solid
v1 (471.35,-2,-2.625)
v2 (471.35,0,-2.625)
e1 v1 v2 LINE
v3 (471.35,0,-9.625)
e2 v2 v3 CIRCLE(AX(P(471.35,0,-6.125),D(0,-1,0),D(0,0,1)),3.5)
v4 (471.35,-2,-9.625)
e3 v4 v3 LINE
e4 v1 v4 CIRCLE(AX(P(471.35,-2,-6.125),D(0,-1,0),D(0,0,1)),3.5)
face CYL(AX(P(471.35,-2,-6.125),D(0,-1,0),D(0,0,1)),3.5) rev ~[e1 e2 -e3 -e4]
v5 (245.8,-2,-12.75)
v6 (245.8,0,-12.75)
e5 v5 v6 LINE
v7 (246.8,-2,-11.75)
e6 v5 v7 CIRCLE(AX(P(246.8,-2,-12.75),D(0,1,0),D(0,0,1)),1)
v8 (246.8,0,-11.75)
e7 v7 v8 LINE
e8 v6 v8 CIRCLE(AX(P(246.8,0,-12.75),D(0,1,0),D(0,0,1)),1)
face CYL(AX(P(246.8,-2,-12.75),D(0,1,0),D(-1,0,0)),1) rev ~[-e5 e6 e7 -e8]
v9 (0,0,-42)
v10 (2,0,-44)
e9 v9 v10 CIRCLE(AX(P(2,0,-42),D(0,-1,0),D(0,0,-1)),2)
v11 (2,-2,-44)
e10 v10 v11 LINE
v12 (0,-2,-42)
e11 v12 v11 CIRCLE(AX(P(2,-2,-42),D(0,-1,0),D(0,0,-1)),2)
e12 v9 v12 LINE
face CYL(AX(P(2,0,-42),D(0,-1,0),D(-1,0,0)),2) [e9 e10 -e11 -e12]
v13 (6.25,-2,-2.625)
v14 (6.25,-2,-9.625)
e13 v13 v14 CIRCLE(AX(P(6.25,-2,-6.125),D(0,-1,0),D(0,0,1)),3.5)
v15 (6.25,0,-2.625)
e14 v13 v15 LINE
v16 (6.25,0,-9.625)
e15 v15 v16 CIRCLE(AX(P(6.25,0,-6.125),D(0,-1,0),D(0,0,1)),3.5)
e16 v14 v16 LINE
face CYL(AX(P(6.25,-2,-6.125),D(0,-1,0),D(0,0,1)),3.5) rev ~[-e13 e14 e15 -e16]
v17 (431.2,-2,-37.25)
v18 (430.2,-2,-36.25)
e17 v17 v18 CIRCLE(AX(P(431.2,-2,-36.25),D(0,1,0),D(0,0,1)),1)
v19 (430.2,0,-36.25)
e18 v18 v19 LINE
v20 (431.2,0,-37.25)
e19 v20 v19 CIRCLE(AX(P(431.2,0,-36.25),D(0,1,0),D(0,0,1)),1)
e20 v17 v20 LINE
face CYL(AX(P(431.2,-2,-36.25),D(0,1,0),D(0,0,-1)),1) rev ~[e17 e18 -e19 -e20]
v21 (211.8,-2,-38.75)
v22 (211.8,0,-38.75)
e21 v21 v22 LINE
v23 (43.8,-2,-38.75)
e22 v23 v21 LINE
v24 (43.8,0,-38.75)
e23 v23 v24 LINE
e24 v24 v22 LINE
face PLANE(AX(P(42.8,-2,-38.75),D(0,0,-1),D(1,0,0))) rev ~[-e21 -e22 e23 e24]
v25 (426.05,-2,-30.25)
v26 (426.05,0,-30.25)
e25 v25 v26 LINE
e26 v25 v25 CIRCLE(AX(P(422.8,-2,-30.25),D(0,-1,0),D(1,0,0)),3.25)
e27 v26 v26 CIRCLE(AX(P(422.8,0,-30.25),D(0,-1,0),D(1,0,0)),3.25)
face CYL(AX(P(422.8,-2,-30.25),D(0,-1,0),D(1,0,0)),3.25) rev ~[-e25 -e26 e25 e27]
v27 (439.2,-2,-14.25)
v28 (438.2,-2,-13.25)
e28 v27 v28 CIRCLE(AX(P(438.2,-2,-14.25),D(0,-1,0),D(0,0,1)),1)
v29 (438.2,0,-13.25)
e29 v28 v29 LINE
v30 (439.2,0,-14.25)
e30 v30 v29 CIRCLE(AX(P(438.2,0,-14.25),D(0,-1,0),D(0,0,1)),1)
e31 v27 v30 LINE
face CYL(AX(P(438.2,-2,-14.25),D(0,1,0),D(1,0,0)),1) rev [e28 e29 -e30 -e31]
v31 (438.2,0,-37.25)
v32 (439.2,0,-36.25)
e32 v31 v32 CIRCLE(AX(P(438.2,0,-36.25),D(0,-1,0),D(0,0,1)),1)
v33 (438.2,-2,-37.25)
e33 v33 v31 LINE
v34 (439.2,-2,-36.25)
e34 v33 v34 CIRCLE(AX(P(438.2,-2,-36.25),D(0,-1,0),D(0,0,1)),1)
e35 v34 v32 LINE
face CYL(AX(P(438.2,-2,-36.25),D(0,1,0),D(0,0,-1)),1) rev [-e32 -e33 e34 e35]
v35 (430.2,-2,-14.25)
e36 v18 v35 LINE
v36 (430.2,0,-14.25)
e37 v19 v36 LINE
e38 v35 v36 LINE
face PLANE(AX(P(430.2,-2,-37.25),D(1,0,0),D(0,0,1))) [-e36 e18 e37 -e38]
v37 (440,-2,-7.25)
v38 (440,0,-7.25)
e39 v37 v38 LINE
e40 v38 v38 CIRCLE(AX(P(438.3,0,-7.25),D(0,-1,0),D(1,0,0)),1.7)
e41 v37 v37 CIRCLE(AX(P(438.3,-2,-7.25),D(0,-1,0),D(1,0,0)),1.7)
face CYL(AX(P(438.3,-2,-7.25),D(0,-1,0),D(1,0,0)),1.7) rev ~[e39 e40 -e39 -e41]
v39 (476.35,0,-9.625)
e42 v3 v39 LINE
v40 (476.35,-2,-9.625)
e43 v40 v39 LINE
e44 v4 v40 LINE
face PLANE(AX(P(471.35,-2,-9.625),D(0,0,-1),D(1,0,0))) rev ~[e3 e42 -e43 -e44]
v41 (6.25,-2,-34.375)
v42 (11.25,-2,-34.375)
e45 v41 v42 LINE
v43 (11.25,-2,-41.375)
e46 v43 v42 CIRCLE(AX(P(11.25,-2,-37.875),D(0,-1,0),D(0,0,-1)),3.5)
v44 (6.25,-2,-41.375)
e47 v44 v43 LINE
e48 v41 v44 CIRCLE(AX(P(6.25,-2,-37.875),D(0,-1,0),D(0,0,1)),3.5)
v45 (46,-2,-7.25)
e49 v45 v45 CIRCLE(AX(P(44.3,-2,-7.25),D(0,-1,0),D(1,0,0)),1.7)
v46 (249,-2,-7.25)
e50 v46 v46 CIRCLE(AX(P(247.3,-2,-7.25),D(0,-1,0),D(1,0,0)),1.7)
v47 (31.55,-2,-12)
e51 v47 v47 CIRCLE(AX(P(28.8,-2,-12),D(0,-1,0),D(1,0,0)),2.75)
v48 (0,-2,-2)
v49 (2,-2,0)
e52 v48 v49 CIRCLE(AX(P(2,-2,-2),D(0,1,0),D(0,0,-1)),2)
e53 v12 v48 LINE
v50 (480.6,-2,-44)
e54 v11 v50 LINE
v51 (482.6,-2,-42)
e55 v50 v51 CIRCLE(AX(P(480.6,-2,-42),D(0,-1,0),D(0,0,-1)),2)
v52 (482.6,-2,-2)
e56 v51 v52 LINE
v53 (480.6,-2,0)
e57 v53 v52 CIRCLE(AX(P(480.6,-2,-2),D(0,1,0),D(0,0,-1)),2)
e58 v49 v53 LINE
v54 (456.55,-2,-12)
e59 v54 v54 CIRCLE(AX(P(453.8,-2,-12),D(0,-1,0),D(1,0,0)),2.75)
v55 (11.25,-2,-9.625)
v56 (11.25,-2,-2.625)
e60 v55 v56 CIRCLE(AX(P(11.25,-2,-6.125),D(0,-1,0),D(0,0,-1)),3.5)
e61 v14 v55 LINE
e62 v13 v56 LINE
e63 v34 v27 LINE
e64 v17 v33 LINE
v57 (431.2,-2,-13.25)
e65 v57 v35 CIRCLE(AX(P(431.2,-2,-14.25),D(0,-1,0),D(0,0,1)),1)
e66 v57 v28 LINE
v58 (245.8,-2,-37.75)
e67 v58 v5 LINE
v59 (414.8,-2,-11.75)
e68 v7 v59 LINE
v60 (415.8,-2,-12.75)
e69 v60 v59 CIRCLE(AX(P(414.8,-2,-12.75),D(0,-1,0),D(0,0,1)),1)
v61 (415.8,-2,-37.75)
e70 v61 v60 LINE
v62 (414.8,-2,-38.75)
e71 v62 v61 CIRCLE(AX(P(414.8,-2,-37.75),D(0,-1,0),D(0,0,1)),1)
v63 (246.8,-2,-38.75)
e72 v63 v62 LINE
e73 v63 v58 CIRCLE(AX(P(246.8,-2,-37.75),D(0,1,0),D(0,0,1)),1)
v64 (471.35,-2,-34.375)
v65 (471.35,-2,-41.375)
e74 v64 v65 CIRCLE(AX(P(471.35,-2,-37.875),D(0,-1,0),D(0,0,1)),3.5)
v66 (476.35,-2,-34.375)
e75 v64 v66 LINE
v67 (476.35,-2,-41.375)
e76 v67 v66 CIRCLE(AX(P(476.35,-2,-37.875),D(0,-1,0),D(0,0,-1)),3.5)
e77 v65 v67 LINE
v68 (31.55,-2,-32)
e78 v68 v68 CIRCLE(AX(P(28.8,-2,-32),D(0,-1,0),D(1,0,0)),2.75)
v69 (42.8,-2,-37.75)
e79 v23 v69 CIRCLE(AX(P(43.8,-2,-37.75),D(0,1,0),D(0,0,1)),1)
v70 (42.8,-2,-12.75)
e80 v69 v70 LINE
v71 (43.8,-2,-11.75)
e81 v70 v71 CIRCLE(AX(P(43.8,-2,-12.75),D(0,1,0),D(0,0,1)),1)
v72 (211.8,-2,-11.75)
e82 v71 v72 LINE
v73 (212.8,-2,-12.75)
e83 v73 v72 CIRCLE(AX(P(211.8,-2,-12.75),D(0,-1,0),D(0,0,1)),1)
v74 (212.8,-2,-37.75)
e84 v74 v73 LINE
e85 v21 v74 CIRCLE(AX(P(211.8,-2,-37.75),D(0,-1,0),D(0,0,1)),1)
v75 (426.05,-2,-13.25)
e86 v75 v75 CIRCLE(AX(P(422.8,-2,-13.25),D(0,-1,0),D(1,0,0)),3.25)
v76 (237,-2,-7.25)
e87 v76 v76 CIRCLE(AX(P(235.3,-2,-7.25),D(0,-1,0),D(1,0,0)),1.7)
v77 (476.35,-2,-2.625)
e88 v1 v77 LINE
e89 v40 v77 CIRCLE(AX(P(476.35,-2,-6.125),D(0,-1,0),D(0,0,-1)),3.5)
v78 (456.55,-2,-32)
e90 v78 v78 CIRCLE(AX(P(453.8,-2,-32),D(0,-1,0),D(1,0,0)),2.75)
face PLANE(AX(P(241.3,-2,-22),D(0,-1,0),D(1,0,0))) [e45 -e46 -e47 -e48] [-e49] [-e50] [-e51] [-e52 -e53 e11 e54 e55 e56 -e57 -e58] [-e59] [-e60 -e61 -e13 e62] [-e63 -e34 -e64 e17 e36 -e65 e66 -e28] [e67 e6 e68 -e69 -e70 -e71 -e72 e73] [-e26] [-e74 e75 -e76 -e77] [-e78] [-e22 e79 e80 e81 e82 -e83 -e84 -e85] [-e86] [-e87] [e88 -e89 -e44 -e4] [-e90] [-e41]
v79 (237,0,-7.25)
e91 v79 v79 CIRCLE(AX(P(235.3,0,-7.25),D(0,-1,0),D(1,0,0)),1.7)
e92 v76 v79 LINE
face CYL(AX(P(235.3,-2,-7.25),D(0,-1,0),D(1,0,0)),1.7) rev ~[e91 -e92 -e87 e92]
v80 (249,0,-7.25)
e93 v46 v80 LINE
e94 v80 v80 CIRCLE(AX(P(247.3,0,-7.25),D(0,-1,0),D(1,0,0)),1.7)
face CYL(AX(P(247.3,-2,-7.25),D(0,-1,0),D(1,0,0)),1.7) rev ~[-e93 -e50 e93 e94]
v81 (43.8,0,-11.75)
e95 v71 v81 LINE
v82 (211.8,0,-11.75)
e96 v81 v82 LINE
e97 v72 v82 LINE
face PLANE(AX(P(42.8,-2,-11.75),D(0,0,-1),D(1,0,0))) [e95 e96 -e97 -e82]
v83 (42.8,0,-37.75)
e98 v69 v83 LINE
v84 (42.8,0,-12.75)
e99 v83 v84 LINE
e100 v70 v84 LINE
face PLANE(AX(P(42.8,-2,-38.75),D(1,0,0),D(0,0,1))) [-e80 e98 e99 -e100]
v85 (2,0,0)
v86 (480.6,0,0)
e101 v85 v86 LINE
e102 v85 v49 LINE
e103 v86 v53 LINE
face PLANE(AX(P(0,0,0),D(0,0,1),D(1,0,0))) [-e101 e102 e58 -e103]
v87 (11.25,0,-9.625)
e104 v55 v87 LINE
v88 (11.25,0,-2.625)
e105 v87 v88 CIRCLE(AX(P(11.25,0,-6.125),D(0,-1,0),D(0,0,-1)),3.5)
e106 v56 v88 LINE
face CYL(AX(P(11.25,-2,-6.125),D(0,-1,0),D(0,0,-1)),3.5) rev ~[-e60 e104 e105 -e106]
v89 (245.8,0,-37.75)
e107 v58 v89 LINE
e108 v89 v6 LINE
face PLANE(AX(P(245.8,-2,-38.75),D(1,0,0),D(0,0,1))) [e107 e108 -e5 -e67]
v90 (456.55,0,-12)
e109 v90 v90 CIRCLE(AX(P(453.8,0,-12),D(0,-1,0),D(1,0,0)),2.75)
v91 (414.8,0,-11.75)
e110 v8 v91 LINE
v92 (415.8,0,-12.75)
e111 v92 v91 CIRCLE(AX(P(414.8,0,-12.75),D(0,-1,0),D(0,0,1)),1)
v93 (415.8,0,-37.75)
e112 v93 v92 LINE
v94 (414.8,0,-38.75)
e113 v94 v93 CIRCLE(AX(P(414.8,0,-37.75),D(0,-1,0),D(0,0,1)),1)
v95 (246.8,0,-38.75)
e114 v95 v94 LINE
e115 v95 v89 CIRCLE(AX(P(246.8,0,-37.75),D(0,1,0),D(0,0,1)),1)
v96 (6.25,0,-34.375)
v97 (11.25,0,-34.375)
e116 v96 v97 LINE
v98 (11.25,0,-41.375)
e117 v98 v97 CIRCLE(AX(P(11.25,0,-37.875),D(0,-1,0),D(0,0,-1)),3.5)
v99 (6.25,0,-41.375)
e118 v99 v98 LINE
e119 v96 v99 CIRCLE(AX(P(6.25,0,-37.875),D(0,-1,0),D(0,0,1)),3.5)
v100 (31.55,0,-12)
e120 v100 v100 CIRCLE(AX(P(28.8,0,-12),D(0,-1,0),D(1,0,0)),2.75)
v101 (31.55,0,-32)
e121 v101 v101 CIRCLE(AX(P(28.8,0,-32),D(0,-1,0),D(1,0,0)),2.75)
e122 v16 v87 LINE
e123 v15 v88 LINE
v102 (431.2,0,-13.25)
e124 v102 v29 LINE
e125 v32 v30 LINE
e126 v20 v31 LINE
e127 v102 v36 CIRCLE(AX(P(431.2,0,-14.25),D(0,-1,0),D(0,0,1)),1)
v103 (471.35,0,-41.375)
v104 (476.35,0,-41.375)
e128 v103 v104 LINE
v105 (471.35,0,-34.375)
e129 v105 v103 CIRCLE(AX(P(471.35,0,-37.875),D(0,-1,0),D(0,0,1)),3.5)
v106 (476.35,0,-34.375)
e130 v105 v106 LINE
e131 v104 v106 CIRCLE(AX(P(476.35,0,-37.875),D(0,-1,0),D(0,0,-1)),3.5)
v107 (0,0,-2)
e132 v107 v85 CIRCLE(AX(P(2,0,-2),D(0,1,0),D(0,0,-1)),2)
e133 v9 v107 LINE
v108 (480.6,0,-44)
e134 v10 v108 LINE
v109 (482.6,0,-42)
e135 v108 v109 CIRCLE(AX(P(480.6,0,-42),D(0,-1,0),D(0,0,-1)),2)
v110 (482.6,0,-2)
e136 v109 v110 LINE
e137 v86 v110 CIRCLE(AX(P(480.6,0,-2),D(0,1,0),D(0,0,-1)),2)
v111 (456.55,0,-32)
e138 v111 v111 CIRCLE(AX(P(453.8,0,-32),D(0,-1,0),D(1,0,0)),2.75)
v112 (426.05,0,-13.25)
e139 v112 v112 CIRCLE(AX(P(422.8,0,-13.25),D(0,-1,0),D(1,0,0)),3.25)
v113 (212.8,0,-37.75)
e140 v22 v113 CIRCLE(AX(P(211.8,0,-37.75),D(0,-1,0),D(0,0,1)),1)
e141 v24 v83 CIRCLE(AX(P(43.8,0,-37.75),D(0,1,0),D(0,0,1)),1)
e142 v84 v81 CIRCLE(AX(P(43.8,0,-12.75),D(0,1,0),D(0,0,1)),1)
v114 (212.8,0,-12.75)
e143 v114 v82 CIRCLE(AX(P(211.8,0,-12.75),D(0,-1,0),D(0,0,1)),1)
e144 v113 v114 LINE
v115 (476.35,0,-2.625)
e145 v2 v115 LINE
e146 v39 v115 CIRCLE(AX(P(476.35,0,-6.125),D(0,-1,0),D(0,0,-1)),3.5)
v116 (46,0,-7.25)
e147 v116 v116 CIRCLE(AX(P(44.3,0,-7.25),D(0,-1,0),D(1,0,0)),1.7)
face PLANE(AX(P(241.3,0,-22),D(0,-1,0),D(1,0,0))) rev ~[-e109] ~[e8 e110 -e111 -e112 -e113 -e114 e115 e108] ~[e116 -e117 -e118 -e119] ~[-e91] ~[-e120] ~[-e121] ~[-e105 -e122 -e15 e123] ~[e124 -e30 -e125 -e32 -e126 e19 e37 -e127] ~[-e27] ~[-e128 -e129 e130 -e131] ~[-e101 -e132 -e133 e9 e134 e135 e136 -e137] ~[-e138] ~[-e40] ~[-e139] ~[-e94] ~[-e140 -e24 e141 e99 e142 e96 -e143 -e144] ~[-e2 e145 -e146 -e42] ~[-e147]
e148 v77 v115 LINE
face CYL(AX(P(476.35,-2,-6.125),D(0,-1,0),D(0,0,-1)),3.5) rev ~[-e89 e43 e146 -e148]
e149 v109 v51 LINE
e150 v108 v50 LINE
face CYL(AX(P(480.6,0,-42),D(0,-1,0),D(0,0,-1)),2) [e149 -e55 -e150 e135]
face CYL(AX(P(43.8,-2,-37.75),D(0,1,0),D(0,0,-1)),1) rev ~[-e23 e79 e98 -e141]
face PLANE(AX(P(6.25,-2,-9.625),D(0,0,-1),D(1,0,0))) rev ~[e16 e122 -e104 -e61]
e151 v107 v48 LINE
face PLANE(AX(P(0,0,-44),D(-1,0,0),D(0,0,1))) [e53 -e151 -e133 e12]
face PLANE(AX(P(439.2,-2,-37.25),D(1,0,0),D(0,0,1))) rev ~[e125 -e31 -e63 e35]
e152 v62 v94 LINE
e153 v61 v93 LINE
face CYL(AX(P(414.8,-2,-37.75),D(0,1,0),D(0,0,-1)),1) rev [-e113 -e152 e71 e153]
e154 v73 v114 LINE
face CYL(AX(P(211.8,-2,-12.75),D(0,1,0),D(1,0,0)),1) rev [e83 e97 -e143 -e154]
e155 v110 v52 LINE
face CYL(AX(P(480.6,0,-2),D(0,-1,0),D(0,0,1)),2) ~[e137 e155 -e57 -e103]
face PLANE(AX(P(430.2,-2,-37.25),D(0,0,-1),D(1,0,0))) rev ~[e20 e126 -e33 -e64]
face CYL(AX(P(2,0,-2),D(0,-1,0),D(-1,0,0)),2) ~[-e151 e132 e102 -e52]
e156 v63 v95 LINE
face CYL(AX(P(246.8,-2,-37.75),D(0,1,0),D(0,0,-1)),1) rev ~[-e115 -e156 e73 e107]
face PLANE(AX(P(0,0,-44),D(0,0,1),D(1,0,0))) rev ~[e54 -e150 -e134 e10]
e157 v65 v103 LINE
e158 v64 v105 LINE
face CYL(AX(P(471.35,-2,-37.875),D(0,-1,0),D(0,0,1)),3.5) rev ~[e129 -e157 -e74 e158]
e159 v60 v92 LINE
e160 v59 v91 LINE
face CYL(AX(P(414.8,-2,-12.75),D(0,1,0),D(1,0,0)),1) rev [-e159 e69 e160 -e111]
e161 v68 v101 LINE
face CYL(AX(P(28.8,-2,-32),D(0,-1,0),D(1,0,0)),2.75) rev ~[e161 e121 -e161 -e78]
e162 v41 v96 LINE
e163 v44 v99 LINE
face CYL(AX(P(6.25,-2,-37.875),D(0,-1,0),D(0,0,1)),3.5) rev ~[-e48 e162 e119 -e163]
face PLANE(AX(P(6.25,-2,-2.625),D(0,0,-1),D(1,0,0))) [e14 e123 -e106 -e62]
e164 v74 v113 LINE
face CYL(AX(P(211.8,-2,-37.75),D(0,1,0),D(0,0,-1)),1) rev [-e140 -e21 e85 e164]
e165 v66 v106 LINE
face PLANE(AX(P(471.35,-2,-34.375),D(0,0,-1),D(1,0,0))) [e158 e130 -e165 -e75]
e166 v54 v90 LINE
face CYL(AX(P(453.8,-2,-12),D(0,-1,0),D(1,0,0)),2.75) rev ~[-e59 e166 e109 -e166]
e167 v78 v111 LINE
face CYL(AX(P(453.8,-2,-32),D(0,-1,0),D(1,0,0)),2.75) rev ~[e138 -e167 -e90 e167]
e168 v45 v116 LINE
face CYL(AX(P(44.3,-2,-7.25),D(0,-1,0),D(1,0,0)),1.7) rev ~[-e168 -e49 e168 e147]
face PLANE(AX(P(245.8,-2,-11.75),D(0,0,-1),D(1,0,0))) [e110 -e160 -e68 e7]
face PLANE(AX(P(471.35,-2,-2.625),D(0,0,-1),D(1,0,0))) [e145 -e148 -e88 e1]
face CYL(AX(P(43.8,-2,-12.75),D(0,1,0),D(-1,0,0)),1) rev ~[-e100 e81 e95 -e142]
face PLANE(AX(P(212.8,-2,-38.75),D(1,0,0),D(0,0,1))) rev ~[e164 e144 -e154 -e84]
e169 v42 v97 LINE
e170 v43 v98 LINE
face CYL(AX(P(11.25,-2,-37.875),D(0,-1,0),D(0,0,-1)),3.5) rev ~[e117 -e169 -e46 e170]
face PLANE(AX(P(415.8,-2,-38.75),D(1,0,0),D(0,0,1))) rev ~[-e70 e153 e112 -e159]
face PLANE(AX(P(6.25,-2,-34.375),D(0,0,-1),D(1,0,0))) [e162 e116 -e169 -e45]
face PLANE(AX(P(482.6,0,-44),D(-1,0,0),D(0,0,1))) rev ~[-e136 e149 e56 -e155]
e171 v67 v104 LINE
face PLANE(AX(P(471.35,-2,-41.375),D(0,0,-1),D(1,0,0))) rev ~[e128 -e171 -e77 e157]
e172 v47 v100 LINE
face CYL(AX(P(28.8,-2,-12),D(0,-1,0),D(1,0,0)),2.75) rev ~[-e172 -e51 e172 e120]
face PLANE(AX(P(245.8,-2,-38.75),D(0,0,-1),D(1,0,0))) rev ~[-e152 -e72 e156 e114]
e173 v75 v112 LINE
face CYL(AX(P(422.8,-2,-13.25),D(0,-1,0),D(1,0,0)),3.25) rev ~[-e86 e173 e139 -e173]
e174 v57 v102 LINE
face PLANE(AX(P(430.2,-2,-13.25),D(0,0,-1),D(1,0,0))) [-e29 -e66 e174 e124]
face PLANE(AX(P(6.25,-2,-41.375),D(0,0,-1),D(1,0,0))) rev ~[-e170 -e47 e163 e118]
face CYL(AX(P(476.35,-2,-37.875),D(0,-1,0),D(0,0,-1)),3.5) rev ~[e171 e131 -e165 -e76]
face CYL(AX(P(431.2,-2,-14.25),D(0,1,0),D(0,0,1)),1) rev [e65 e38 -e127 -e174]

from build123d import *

# Parameters (mm, degrees)
SKETCH_W            = 482.6
SKETCH_H            = 44
PAD_DEPTH           = 2
POCKET_DEPTH        = 2.001
SKETCH002_R         = 2.75
HOLE_DEPTH          = 2.001
SKETCH003_R         = 1.7
HOLE001_DEPTH       = 2.001
SKETCH004_W         = 170
SKETCH004_H         = 27
POCKET001_DEPTH     = 2.001
LINEARPATTERN_COUNT = 2
LINEARPATTERN_PITCH = 203
SKETCH005_R         = 3.25
POCKET002_DEPTH     = 2.001
SKETCH006_W         = 9
SKETCH006_H         = 24
POCKET003_DEPTH     = 2.001
FILLET_R            = 1
FILLET001_R         = 2


with BuildPart() as part:
    # Sketch → Pad (new body)
    with BuildSketch(Plane.XZ):
        with Locations((241.3, -22)):
            Rectangle(SKETCH_W, SKETCH_H)
    extrude(amount=PAD_DEPTH)

    # Sketch001 (on Face6 of Pad) → Pocket (cut, through all)
    with BuildSketch(Plane.XZ.offset(2)):
        with BuildLine():
            ThreePointArc((471.35, -34.375), (467.85, -37.875), (471.35, -41.375))
            Line((471.35, -41.375), (476.35, -41.375))
            ThreePointArc((476.35, -41.375), (479.85, -37.875), (476.35, -34.375))
            Line((471.35, -34.375), (476.35, -34.375))
        make_face()
        with BuildLine():
            ThreePointArc((6.25, -34.375), (2.75, -37.875), (6.25, -41.375))
            Line((6.25, -41.375), (11.25, -41.375))
            ThreePointArc((11.25, -41.375), (14.75, -37.875), (11.25, -34.375))
            Line((6.25, -34.375), (11.25, -34.375))
        make_face()
        with BuildLine():
            ThreePointArc((471.35, -2.625), (467.85, -6.125), (471.35, -9.625))
            Line((471.35, -9.625), (476.35, -9.625))
            ThreePointArc((476.35, -9.625), (479.85, -6.125), (476.35, -2.625))
            Line((471.35, -2.625), (476.35, -2.625))
        make_face()
        with BuildLine():
            ThreePointArc((6.25, -2.625), (2.75, -6.125), (6.25, -9.625))
            Line((6.25, -9.625), (11.25, -9.625))
            ThreePointArc((11.25, -9.625), (14.75, -6.125), (11.25, -2.625))
            Line((6.25, -2.625), (11.25, -2.625))
        make_face()
    extrude(amount=-POCKET_DEPTH, mode=Mode.SUBTRACT)

    # Sketch002 (on Face5 of Pocket) → Hole (cut, through all)
    with BuildSketch(Plane.XZ.offset(2)):
        with Locations((28.8, -12)):
            Circle(SKETCH002_R)
        with Locations((28.8, -32)):
            Circle(SKETCH002_R)
        with Locations((453.8, -12)):
            Circle(SKETCH002_R)
        with Locations((453.8, -32)):
            Circle(SKETCH002_R)
    extrude(amount=-HOLE_DEPTH, mode=Mode.SUBTRACT)

    # Sketch003 (on Face5 of Hole) → Hole001 (cut, through all)
    with BuildSketch(Plane.XZ.offset(2)):
        with Locations((438.3, -7.25)):
            Circle(SKETCH003_R)
        with Locations((247.3, -7.25)):
            Circle(SKETCH003_R)
        with Locations((235.3, -7.25)):
            Circle(SKETCH003_R)
        with Locations((44.3, -7.25)):
            Circle(SKETCH003_R)
    extrude(amount=-HOLE001_DEPTH, mode=Mode.SUBTRACT)

    # Sketch004 (on Face5 of Hole001) → Pocket001 (cut, through all)
    with BuildSketch(Plane.XZ.offset(2)):
        with Locations((127.8, -25.25)):
            Rectangle(SKETCH004_W, SKETCH004_H)
    pocket001 = extrude(amount=-POCKET001_DEPTH, mode=Mode.SUBTRACT)

    # LinearPattern: Pocket001 ×2
    with Locations(*[(i * LINEARPATTERN_PITCH, 0, 0) for i in range(1, LINEARPATTERN_COUNT)]):
        add(pocket001, mode=Mode.SUBTRACT)

    # Sketch005 (on Face5 of LinearPattern) → Pocket002 (cut, through all)
    with BuildSketch(Plane.XZ.offset(2)):
        with Locations((422.8, -13.25)):
            Circle(SKETCH005_R)
        with Locations((422.8, -30.25)):
            Circle(SKETCH005_R)
    extrude(amount=-POCKET002_DEPTH, mode=Mode.SUBTRACT)

    # Sketch006 (on Face5 of Pocket002) → Pocket003 (cut, through all)
    with BuildSketch(Plane.XZ.offset(2)):
        with Locations((434.7, -25.25)):
            Rectangle(SKETCH006_W, SKETCH006_H)
    extrude(amount=-POCKET003_DEPTH, mode=Mode.SUBTRACT)

    # Fillet
    fillet_edges = [part.edges().sort_by_distance(p)[0] for p in [
        (439.2, -1, -13.25),
        (430.2, -1, -13.25),
        (430.2, -1, -37.25),
        (439.2, -1, -37.25),
        (415.8, -1, -11.75),
        (415.8, -1, -38.75),
        (245.8, -1, -11.75),
        (245.8, -1, -38.75),
        (42.8, -1, -38.75),
        (42.8, -1, -11.75),
        (212.8, -1, -11.75),
        (212.8, -1, -38.75),
    ]]
    fillet(fillet_edges, radius=FILLET_R)

    # Fillet001
    fillet001_edges = [part.edges().sort_by_distance(p)[0] for p in [
        (482.6, -1, -44),
        (482.6, -1, 0),
        (0, -1, -44),
        (0, -1, 0),
    ]]
    fillet(fillet001_edges, radius=FILLET001_R)


solid = part.part
